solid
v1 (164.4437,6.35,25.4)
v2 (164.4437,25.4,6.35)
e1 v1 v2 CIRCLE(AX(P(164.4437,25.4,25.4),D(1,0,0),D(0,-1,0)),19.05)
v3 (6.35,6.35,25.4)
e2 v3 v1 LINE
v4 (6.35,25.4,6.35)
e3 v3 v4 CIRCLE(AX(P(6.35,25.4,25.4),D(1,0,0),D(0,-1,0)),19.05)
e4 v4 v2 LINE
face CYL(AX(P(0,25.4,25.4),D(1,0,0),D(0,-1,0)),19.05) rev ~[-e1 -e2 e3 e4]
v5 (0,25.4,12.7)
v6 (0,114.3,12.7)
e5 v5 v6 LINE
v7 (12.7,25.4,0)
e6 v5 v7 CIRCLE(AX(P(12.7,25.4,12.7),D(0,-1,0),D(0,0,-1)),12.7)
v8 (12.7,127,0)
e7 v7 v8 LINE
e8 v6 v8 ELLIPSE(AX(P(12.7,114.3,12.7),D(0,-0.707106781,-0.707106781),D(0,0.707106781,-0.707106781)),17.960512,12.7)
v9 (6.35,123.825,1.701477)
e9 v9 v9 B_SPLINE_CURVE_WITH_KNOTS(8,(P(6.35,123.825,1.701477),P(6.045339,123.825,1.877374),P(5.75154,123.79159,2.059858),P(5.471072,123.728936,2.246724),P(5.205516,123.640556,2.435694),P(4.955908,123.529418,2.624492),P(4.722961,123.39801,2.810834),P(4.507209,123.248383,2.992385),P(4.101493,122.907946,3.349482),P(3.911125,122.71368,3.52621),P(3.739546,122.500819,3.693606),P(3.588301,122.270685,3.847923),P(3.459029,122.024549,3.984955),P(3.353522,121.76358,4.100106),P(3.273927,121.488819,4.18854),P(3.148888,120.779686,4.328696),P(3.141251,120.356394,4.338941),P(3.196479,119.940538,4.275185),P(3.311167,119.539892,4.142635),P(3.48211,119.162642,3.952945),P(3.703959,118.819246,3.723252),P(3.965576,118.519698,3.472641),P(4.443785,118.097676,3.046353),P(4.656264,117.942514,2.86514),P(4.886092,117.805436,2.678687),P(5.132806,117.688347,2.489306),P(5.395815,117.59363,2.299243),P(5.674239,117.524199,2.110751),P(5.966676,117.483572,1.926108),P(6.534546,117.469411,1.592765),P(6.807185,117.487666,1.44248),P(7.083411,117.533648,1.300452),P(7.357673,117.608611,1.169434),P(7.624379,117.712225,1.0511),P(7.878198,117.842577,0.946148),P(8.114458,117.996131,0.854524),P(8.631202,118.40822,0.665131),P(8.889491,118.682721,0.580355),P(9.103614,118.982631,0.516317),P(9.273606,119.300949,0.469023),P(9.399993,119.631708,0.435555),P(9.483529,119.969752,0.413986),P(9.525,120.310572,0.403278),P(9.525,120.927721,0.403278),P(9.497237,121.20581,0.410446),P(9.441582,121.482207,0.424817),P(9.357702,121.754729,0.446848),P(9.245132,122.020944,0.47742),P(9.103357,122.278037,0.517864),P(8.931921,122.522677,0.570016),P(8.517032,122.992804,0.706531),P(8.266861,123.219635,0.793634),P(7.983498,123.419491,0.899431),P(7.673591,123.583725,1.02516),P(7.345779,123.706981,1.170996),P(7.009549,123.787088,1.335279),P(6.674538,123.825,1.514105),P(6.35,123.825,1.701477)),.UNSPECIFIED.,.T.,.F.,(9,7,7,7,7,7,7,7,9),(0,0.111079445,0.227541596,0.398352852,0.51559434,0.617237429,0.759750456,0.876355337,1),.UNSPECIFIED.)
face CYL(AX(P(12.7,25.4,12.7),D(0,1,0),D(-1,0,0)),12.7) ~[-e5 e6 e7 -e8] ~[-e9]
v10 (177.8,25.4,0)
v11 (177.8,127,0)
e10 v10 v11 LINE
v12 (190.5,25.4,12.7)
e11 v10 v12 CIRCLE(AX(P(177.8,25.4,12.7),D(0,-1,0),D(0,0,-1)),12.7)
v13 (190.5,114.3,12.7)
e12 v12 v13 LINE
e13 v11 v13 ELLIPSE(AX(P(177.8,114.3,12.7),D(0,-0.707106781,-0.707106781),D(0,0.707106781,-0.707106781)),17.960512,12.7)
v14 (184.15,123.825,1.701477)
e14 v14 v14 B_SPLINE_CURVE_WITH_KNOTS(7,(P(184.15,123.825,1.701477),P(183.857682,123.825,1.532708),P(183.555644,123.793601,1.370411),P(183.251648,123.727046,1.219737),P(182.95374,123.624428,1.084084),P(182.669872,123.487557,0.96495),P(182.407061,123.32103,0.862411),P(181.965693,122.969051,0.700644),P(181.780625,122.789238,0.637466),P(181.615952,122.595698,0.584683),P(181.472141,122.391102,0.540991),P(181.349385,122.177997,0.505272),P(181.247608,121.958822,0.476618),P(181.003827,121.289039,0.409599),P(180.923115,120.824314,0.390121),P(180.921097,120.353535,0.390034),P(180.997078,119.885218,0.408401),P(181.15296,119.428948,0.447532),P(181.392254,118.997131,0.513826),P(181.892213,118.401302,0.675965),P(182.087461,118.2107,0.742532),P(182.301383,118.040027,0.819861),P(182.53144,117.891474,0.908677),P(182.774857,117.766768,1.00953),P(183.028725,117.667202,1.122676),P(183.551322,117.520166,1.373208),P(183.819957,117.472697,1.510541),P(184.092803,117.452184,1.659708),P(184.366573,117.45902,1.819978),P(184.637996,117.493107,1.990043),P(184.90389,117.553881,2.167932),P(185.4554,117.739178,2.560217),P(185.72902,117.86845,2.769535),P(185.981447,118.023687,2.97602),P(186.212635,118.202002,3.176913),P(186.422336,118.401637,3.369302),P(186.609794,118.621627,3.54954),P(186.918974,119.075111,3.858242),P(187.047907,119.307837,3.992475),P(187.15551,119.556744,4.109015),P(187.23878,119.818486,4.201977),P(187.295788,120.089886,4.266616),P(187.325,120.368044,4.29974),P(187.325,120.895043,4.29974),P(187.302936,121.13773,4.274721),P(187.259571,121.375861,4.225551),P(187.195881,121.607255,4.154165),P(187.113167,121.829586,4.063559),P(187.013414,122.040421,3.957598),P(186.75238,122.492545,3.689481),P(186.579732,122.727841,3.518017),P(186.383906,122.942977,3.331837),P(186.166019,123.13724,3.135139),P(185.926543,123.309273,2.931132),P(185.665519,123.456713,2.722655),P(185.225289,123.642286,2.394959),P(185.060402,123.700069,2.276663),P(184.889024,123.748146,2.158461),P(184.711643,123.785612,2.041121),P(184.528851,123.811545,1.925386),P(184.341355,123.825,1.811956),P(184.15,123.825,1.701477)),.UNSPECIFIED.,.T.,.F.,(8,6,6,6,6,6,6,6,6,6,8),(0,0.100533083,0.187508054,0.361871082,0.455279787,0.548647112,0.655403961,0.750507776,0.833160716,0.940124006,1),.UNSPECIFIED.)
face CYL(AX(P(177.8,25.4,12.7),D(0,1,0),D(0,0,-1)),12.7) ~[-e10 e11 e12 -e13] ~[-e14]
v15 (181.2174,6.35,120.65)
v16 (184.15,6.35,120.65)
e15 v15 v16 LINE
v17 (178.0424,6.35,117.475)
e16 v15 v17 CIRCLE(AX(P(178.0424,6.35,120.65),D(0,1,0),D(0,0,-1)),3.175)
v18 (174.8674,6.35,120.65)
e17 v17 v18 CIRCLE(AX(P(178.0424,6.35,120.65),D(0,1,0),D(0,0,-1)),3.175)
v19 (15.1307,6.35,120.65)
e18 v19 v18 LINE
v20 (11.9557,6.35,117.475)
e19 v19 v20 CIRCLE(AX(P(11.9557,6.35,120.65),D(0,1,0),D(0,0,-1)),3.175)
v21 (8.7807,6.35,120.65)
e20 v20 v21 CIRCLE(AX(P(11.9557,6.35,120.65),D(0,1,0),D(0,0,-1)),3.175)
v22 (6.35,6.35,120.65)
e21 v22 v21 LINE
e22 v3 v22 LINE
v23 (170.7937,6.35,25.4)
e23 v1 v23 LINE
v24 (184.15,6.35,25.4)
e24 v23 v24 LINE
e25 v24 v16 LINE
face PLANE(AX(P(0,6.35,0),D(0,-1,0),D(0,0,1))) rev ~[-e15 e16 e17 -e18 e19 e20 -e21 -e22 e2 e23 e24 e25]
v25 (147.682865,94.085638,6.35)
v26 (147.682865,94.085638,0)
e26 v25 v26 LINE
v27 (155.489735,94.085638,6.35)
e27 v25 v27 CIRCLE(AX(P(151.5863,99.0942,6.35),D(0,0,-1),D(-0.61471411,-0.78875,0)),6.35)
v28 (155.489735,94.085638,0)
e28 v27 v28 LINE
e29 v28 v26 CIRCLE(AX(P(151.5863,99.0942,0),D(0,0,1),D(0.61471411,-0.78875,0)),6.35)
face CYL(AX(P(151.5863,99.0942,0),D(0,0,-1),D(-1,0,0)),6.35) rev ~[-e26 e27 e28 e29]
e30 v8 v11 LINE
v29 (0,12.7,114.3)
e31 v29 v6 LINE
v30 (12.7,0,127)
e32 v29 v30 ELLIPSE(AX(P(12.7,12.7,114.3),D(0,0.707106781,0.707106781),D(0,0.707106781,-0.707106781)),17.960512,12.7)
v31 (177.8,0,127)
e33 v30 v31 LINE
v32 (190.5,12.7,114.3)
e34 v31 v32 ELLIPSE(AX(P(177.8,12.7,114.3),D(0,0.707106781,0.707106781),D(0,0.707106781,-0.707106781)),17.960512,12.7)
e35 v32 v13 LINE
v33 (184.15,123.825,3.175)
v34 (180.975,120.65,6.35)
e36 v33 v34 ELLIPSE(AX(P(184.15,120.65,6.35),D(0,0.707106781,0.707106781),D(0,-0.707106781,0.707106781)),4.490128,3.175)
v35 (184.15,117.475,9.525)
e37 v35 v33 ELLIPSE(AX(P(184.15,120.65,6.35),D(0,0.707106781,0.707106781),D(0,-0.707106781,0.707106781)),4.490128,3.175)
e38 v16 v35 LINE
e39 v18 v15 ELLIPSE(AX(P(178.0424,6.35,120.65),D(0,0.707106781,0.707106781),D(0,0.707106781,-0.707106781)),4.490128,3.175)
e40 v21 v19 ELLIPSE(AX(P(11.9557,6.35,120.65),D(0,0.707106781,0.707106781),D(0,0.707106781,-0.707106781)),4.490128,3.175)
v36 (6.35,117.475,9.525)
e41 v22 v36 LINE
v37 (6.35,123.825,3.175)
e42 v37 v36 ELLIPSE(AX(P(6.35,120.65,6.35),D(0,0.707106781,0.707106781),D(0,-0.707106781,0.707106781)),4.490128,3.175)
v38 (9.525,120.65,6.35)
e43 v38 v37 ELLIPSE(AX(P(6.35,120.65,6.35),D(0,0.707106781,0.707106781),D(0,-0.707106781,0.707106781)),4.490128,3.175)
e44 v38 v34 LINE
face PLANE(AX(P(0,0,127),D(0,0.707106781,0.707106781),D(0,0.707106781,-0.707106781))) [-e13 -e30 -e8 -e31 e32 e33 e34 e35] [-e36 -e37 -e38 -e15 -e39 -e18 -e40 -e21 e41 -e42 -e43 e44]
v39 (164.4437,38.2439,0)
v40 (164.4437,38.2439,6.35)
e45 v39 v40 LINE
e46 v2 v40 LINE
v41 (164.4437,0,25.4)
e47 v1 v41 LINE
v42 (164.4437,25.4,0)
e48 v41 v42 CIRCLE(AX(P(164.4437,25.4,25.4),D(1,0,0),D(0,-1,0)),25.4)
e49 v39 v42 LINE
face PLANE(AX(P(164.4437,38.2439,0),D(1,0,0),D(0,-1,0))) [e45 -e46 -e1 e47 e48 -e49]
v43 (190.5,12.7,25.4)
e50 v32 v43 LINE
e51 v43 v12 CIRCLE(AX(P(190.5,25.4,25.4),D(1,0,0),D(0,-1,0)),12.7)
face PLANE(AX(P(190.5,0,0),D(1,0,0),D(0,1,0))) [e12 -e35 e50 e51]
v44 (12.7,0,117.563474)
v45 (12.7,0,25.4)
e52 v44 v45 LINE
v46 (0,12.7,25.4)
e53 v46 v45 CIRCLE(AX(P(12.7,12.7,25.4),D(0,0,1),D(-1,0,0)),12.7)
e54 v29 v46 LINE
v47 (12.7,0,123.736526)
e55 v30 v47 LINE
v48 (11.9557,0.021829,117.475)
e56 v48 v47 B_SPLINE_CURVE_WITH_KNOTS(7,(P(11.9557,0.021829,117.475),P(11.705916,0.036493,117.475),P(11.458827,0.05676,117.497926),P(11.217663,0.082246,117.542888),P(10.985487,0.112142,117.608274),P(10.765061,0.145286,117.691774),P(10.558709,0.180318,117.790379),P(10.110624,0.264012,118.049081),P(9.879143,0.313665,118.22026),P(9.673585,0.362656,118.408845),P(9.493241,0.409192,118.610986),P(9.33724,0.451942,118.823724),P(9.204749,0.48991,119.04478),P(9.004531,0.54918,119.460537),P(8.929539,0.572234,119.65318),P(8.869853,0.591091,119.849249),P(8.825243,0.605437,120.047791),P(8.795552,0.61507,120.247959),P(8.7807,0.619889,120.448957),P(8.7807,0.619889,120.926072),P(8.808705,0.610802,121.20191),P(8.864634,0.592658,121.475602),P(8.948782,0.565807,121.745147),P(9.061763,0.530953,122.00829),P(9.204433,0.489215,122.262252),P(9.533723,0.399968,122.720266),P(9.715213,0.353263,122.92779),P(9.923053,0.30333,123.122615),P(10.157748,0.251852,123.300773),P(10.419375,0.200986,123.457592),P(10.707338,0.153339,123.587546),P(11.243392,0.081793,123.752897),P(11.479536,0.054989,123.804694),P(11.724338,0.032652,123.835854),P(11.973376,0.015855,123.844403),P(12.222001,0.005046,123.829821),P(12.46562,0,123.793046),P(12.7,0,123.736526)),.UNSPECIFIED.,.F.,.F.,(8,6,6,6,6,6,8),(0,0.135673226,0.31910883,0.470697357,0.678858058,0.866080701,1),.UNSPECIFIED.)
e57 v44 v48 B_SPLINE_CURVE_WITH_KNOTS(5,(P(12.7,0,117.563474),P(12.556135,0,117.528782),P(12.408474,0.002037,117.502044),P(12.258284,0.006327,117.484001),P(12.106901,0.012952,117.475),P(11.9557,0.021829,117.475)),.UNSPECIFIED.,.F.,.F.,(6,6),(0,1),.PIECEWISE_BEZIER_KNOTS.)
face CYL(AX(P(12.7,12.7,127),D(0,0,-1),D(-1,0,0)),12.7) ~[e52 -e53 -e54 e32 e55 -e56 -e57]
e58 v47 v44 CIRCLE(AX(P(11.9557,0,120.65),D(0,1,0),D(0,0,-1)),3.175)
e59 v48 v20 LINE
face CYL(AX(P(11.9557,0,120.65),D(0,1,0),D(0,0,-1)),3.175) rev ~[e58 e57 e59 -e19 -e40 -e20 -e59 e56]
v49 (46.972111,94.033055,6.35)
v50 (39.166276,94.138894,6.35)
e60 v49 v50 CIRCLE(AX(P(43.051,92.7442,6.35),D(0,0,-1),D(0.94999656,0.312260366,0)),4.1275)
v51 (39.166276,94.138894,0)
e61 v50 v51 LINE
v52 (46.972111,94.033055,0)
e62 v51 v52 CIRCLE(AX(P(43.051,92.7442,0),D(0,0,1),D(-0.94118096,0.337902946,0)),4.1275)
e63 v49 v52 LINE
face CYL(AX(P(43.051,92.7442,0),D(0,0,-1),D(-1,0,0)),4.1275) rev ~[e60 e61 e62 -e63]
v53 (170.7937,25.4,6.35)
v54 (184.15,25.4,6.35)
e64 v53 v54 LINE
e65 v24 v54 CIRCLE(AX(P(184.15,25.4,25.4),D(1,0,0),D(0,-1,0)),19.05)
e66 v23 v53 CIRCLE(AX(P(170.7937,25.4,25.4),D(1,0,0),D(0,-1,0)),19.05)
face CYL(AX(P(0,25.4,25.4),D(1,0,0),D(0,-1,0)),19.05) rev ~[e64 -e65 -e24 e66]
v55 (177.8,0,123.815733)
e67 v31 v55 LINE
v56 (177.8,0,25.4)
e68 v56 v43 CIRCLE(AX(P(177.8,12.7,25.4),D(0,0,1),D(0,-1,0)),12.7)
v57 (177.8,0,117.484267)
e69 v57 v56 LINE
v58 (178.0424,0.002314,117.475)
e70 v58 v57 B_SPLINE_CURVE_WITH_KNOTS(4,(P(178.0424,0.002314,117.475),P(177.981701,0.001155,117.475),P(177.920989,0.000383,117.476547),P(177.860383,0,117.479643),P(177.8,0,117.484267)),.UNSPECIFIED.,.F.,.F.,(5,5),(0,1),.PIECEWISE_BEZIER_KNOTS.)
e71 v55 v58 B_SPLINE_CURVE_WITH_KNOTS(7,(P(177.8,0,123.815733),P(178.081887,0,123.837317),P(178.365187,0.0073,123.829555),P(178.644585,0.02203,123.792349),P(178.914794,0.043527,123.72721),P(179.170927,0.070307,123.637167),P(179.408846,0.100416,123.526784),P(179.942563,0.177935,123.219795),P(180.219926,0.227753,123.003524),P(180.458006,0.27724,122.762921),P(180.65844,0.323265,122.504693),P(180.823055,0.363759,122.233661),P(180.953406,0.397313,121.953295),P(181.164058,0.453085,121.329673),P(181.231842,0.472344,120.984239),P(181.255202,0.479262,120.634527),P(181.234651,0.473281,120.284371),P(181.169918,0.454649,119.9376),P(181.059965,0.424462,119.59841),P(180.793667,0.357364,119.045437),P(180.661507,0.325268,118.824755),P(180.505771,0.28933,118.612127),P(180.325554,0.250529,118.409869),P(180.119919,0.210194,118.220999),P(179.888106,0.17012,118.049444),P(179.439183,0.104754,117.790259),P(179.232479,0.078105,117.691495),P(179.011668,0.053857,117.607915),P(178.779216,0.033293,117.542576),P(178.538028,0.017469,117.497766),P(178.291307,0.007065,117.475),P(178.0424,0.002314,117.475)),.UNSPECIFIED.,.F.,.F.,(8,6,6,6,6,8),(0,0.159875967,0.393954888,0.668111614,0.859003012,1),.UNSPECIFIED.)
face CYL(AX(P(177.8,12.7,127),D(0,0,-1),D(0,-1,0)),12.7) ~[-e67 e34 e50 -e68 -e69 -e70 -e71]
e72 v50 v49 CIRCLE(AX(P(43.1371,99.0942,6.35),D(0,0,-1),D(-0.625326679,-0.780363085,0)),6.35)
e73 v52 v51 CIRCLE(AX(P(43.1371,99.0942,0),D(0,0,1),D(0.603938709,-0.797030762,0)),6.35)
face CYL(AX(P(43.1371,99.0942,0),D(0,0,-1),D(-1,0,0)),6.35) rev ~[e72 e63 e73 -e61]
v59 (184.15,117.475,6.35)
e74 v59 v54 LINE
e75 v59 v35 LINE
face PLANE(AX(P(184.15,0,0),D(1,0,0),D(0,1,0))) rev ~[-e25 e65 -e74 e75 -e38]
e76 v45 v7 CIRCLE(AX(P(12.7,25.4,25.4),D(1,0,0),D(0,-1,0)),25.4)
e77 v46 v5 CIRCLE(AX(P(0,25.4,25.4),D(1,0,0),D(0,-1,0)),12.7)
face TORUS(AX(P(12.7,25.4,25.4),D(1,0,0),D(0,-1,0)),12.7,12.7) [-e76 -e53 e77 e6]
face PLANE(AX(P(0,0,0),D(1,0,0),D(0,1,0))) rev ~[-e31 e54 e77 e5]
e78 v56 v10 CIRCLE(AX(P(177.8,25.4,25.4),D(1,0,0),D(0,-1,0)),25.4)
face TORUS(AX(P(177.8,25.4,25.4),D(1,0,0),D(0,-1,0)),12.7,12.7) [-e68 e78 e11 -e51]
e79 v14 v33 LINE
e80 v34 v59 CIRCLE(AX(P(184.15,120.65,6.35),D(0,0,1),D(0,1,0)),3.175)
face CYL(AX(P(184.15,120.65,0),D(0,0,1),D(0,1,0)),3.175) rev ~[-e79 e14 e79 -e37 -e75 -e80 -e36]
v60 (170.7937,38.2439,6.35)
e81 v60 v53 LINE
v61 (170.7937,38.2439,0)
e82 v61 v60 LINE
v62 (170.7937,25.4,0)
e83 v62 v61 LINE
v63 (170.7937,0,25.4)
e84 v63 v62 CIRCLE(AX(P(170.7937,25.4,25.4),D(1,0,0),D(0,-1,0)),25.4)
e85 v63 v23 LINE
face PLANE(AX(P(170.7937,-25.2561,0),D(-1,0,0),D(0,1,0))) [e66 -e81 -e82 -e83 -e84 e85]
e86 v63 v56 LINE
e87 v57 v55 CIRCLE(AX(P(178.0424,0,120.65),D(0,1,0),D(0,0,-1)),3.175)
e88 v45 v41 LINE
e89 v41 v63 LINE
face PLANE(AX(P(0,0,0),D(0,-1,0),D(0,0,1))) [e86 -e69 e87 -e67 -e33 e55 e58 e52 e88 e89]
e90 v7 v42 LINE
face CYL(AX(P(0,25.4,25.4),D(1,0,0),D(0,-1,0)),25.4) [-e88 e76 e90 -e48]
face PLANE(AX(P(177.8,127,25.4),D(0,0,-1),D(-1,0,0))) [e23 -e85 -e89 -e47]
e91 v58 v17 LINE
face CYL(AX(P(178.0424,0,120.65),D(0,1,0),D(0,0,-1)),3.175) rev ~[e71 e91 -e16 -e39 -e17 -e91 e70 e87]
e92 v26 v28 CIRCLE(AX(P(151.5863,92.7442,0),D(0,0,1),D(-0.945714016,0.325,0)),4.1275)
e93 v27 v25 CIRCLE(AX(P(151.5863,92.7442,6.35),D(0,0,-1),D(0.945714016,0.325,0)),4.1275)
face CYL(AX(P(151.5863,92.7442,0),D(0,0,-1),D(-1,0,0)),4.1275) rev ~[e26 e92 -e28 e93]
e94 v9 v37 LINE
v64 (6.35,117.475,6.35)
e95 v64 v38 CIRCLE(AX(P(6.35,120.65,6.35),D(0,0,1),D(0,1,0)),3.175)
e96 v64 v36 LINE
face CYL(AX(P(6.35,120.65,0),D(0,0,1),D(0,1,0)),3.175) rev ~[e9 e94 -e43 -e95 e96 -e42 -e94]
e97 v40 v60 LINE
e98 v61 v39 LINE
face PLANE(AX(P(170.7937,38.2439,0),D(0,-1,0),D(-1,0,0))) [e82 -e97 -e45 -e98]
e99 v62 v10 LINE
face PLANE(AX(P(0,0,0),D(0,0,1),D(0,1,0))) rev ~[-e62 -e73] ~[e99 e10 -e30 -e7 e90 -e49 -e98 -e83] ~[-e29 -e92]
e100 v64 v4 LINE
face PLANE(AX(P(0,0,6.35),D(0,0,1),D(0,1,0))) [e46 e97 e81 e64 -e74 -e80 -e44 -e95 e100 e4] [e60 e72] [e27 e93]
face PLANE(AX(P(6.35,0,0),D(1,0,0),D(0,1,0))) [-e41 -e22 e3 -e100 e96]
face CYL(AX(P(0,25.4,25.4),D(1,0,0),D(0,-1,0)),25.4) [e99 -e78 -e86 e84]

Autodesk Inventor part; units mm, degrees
ref_plane "YZ Plane" through (0, 0, 0) normal (1, 0, 0) x (0, 1, 0)
ref_plane "XZ Plane" through (0, 0, 0) normal (0, 1, 0) x (-1, 0, 0)
ref_plane "XY Plane" through (0, 0, 0) normal (0, 0, 1) x (1, 0, 0)
sketch "Sketch1" plane through (0, 0, 0) normal (1, 0, 0) x (0, 1, 0)
  line L0 (0, 0) -> (127, 0)
  line L1 (0, 0) -> (0, 127)
  line L2 (0, 127) -> (127, 0)
  dimension "d0" = 127
  dimension "d1" = 127
extrude "Extrusion1" add sketch "Sketch1" along normal blind 190.5
fillet "Fillet1" radius 25.4 1 edges at (95.25, 0, 0)
shell "Shell1" thickness 6.35 removed faces 1 at (127, 84.6667, 42.3333)
fillet "Fillet2" radius 12.7 6 edges at (190.5, 7.4395, 7.4395) (190.5, 0, 76.2) (190.5, 76.2, 0) (0, 7.4395, 7.4395) (0, 0, 76.2) (0, 76.2, 0)
sketch "Sketch2" plane through (177.8, 127, 0) normal (0, 0, -1) x (-1, 0, 0)
  line L0 (7.0063, -88.7561) -> (13.3563, -88.7561)
  line L1 (13.3563, -88.7561) -> (13.3563, -152.2561)
  line L2 (13.3563, -152.2561) -> (7.0063, -152.2561)
  line L3 (7.0063, -152.2561) -> (7.0063, -88.7561)
  point P0 (177.8, -127)
  dimension "d7" = 6.35
  dimension "d8" = 63.5
extrude "Extrusion2" cut sketch "Sketch2" against normal blind 25.4
sketch "Sketch3" plane through (177.8, 127, 0) normal (0, 0, -1) x (-1, 0, 0)
  circle A0 centre (26.2137, -27.9058) radius 6.35
  circle A1 centre (134.6629, -27.9058) radius 6.35
  point P0 (177.8, -127)
  dimension "d11" = 12.7
  dimension "d12" = 12.7
extrude "Extrusion3" cut sketch "Sketch3" against normal blind 25.4
sketch "Sketch4" plane through (177.8, 127, 0) normal (0, 0, -1) x (-1, 0, 0)
  circle A0 centre (26.2137, -27.9058) radius 6.35 projected
  circle A1 centre (26.2137, -34.2558) radius 4.1275
  circle A2 centre (134.749, -34.2558) radius 4.1275
  point P0 (177.8, -127)
  dimension "d15" = 8.255
  dimension "d16" = 8.255
extrude "Extrusion4" cut sketch "Sketch4" against normal blind 25.4 contours A1 A0 | A0 A1 | A2 picked at (25.4127, -32.8707) picked at (27.1236, -35.5058)
sketch "Sketch5" plane through (177.8, 127, 0) normal (0, 0, -1) x (-1, 0, 0)
  point P0 (177.8, -127)
  point P1 (-6.35, -6.35)
  point P2 (171.45, -6.35)
  point P3 (171.45, -6.35)
hole "Hole1" at (184.15, 120.65, 0) at (6.35, 120.65, 0) direction (0, 0, 1) diameter 6.35 end through all
sketch "Sketch6" plane through (12.7, 0, 127) normal (0, -1, 0) x (1, 0, 0)
  line L0 (171.45, -6.35) -> (-6.35, -6.35) projected
  point P0 (-12.7, -127)
  point P1 (-0.7443, -6.35)
  point P2 (165.3424, -6.35)
hole "Hole2" at (11.9557, 0, 120.65) at (178.0424, 0, 120.65) direction (0, 1, 0) diameter 6.35 end through all
properties part number "shell"
